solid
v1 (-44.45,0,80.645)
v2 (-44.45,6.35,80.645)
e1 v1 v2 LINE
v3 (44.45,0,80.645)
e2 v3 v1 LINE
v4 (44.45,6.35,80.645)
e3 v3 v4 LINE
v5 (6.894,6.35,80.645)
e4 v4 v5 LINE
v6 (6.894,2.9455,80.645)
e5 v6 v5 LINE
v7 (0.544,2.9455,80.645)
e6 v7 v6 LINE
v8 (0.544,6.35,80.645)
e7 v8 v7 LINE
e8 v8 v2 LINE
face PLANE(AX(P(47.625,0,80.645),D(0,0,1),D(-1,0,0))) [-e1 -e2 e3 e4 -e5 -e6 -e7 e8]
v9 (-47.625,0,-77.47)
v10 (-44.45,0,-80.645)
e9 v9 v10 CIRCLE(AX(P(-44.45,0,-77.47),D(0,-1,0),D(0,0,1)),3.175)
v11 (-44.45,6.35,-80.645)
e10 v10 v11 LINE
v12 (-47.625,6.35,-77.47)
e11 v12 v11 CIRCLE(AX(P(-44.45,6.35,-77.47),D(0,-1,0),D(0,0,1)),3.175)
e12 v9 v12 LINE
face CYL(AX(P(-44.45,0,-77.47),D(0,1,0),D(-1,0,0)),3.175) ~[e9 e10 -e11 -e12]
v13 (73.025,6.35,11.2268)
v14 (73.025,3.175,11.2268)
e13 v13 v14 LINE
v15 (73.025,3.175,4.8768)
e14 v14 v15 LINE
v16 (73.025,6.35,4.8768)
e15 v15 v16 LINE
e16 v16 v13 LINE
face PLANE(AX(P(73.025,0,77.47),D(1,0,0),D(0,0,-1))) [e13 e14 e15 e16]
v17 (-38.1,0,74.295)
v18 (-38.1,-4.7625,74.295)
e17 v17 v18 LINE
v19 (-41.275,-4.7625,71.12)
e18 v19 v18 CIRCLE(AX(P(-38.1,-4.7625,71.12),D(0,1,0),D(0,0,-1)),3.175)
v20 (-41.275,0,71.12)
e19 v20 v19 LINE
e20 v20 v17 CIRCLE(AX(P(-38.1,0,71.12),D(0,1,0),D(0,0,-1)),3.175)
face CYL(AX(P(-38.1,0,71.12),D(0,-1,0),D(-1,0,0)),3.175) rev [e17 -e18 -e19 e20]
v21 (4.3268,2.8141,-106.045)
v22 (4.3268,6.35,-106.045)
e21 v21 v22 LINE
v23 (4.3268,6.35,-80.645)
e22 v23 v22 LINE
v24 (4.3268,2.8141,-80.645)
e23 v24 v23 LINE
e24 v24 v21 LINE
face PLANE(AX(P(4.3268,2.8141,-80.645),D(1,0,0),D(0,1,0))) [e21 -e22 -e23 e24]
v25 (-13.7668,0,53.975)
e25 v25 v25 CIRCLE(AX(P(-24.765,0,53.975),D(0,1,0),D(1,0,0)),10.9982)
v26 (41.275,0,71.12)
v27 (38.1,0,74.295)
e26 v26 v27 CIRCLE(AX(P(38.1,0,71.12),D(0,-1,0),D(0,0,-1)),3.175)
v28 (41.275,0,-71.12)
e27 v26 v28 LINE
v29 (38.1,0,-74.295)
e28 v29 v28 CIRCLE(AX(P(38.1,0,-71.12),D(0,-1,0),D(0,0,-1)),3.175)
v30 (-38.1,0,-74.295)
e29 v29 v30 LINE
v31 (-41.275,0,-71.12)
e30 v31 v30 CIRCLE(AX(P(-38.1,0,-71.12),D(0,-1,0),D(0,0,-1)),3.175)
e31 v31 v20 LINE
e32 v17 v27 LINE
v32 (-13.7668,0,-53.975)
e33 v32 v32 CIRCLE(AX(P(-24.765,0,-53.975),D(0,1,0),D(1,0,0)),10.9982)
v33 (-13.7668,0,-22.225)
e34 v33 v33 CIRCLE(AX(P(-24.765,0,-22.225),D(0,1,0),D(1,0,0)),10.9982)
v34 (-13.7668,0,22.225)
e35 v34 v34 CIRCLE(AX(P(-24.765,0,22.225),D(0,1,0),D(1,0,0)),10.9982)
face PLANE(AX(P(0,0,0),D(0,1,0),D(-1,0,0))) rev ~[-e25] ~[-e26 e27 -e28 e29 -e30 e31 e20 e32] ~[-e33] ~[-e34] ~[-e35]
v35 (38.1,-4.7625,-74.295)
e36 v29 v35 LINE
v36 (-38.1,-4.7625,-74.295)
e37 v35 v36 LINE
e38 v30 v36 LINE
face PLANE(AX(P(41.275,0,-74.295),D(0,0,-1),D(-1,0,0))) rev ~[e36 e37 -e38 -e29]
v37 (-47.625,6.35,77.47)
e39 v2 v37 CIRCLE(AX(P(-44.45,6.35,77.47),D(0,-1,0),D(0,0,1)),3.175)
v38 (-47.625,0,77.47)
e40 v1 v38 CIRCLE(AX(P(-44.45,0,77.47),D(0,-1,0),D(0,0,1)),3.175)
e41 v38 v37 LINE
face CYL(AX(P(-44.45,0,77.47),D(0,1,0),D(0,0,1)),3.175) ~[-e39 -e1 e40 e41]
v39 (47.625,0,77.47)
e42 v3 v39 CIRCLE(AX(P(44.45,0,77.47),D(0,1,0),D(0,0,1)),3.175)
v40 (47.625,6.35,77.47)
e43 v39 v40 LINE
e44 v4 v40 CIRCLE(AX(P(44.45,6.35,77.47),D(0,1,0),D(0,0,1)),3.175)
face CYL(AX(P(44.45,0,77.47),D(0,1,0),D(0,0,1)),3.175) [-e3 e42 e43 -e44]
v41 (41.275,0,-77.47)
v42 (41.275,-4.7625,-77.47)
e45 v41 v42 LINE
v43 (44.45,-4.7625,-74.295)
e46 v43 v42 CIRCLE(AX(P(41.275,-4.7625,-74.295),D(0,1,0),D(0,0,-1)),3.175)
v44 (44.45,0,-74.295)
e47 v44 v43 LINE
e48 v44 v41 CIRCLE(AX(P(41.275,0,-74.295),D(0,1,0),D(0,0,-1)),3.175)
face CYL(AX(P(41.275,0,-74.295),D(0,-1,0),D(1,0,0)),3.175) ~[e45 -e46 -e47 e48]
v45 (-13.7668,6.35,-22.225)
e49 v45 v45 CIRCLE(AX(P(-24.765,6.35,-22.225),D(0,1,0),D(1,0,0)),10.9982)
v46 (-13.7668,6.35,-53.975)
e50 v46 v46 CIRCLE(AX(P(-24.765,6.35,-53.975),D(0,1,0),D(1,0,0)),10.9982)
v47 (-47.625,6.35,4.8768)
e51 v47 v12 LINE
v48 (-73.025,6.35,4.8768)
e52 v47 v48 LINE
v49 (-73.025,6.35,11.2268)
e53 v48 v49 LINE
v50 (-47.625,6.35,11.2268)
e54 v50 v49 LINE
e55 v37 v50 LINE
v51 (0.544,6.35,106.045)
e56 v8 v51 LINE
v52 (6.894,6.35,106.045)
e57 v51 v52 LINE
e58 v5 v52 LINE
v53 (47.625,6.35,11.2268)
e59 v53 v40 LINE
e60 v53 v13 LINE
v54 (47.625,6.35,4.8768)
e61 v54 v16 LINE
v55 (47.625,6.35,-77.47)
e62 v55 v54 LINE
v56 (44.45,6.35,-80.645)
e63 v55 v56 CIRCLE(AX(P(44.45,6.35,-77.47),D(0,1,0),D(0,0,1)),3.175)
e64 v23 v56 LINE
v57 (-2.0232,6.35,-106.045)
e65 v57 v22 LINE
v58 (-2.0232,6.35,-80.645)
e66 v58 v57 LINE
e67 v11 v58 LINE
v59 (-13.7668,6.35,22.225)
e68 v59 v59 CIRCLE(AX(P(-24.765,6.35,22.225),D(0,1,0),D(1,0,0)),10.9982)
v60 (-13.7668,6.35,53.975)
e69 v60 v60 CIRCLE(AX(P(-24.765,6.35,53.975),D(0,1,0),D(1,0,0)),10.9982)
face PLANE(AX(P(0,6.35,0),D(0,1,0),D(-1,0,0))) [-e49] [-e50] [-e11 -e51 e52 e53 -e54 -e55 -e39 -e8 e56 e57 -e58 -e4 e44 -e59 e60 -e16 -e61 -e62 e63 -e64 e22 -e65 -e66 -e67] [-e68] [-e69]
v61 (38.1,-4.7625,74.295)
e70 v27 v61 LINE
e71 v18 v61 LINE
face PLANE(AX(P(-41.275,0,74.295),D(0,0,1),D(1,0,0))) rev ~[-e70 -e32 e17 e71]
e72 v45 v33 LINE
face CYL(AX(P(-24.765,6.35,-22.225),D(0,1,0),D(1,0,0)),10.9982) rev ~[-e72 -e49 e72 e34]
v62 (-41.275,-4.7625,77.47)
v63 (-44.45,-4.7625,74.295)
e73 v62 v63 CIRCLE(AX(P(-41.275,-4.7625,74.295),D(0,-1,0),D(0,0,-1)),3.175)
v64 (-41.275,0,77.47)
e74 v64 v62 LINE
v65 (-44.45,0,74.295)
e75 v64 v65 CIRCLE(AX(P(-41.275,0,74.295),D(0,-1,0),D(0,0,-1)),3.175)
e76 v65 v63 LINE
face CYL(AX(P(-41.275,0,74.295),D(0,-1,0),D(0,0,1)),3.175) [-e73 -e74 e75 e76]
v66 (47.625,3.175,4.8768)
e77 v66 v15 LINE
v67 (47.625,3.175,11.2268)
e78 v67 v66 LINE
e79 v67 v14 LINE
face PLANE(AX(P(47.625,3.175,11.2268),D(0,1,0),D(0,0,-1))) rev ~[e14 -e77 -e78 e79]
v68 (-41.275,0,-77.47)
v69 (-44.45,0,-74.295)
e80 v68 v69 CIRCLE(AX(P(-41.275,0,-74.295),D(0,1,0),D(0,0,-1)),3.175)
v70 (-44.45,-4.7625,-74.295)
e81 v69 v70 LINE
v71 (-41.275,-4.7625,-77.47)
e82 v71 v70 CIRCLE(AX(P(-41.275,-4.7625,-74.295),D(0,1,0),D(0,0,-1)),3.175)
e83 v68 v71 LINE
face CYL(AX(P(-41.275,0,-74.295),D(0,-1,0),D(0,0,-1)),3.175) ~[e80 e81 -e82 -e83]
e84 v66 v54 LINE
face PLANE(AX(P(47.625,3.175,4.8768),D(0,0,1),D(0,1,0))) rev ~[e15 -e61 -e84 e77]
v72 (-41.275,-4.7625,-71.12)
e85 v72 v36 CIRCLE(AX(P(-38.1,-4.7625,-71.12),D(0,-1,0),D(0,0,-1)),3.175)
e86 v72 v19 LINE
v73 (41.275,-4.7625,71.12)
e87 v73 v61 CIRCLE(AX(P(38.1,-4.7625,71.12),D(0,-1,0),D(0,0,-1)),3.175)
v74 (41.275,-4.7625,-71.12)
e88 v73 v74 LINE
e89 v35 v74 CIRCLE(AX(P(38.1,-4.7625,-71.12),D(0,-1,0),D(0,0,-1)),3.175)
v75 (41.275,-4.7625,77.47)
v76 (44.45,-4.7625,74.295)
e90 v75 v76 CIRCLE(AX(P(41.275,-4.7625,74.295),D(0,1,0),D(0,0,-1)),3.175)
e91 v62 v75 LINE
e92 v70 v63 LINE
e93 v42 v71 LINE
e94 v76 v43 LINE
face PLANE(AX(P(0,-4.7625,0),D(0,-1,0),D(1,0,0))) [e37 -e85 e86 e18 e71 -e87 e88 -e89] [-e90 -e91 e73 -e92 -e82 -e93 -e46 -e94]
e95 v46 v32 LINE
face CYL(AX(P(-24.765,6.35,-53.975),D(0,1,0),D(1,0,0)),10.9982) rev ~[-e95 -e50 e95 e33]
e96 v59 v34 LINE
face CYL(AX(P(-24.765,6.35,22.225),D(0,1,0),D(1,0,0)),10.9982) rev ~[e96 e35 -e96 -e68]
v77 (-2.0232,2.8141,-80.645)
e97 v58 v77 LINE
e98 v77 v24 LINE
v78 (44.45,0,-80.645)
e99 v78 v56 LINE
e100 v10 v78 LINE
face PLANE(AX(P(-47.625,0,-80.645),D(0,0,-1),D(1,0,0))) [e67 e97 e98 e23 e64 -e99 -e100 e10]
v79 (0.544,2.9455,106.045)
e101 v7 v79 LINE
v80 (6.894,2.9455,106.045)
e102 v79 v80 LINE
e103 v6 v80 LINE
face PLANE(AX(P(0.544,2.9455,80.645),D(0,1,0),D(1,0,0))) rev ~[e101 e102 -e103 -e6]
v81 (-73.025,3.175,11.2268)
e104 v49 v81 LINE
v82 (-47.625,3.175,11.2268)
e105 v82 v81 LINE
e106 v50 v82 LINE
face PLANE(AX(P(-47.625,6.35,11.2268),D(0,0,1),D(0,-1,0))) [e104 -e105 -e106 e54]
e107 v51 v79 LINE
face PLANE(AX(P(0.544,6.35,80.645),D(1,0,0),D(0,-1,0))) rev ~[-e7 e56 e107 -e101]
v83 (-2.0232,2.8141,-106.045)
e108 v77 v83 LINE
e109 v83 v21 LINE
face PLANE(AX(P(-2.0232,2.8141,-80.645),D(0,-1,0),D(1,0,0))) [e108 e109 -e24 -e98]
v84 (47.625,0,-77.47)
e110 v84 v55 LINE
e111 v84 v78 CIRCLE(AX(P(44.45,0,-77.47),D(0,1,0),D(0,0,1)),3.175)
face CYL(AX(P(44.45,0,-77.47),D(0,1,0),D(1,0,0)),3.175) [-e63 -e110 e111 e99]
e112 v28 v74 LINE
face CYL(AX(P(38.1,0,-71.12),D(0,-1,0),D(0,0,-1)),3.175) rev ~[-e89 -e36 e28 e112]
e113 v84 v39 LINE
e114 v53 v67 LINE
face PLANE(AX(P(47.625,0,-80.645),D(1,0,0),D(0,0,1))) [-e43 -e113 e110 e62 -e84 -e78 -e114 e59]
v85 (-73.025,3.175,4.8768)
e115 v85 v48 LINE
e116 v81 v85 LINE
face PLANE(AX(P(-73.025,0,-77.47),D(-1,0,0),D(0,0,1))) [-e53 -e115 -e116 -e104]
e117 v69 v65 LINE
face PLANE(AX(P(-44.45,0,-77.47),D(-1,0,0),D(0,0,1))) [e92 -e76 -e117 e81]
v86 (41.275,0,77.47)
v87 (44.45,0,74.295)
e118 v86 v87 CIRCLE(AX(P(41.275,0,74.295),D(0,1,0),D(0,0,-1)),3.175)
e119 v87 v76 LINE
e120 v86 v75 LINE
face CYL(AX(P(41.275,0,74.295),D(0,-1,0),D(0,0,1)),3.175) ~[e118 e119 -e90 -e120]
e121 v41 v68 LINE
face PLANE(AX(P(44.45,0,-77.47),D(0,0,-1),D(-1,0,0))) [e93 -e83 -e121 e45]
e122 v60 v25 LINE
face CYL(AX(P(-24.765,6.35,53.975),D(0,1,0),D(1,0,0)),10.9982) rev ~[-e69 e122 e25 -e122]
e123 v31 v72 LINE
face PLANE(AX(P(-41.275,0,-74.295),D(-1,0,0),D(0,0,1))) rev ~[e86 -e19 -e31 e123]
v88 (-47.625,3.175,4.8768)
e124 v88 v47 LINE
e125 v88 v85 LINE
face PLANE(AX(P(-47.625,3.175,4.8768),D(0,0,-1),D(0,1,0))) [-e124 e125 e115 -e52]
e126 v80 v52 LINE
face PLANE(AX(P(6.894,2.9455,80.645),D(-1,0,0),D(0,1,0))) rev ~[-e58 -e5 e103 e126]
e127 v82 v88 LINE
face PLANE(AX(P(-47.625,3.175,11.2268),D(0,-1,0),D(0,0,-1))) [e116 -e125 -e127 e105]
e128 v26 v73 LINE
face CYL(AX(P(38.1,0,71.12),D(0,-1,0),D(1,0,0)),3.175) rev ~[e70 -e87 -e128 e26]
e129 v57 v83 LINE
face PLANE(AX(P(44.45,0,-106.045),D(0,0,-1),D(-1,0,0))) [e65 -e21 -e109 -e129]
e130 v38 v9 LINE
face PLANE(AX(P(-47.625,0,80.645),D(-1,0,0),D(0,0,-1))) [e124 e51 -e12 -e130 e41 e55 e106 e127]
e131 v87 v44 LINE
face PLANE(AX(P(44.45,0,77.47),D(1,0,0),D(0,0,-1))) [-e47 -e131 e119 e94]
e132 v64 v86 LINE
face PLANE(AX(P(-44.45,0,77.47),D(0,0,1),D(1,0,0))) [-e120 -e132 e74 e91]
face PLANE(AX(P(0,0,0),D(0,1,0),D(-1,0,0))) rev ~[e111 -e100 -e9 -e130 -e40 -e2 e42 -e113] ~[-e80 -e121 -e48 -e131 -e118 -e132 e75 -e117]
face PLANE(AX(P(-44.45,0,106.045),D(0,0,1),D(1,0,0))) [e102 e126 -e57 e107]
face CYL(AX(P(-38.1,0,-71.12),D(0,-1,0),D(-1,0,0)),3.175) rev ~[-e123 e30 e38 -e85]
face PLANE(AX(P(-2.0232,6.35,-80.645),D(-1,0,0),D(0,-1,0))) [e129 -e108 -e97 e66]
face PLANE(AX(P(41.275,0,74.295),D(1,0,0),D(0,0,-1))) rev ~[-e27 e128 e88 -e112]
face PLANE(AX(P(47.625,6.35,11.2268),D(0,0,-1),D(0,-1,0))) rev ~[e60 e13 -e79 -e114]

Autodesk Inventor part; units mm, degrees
ref_plane "YZ Plane" through (0, 0, 0) normal (1, 0, 0) x (0, 1, 0)
ref_plane "XZ Plane" through (0, 0, 0) normal (0, 1, 0) x (-1, 0, 0)
ref_plane "XY Plane" through (0, 0, 0) normal (0, 0, 1) x (1, 0, 0)
sketch "Sketch1" plane through (0, 0, 0) normal (0, 1, 0) x (-1, 0, 0)
  line L0 (-47.625, 80.645) -> (47.625, 80.645)
  line L1 (47.625, 80.645) -> (47.625, -80.645)
  line L2 (47.625, -80.645) -> (-47.625, -80.645)
  line L3 (-47.625, -80.645) -> (-47.625, 80.645)
  line L4 (-47.625, 80.645) -> (47.625, -80.645) construction
  line L5 (47.625, 80.645) -> (-47.625, -80.645) construction
  point P0 (0, 0)
  dimension "d0" = 161.29
  dimension "d1" = 95.25
extrude "Extrusion1" add sketch "Sketch1" along normal blind 6.35
sketch "Sketch3" plane through (0, 0, 0) normal (0, -1, 0) x (1, 0, 0)
  line L0 (-44.45, 77.47) -> (44.45, 77.47)
  line L1 (44.45, 77.47) -> (44.45, -77.47)
  line L2 (44.45, -77.47) -> (-44.45, -77.47)
  line L3 (-44.45, -77.47) -> (-44.45, 77.47)
  line L4 (-44.45, 77.47) -> (44.45, -77.47) construction
  line L5 (44.45, 77.47) -> (-44.45, -77.47) construction
  line L6 (-41.275, 74.295) -> (41.275, 74.295)
  line L7 (41.275, 74.295) -> (41.275, -74.295)
  line L8 (41.275, -74.295) -> (-41.275, -74.295)
  line L9 (-41.275, -74.295) -> (-41.275, 74.295)
  line L10 (-41.275, 74.295) -> (41.275, -74.295) construction
  line L11 (41.275, 74.295) -> (-41.275, -74.295) construction
  point P0 (0, 0)
  dimension "d4" = 154.94
  dimension "d5" = 88.9
  dimension "d6" = 148.59
  dimension "d7" = 82.55
extrude "Extrusion2" add sketch "Sketch3" along normal blind 4.7625
sketch "Sketch4" plane through (0, 6.35, 0) normal (0, 1, 0) x (1, 0, 0)
  line L0 (24.765, -53.975) -> (-24.765, -53.975) construction
  line L1 (-24.765, -53.975) -> (-24.765, 53.975) construction
  line L2 (-24.765, 53.975) -> (24.765, 53.975) construction
  line L3 (24.765, 53.975) -> (24.765, -53.975) construction
  line L4 (24.765, -53.975) -> (-24.765, 53.975) construction
  line L5 (-24.765, -53.975) -> (24.765, 53.975) construction
  circle A0 centre (-24.765, -53.975) radius 10.9982
  circle A1 centre (-24.765, 53.975) radius 10.9982
  circle A2 centre (-24.765, -22.225) radius 10.9982
  circle A3 centre (-24.765, 22.225) radius 10.9982
  line L6 (47.625, -80.645) -> (47.625, 80.645) projected
  point P0 (0, 0)
  dimension "d12" = 21.9964
  dimension "d13" = 21.9964
  dimension "d15" = 21.9964
  dimension "d17" = 31.75
  dimension "d18" = 21.9964
  dimension "d19" = 31.75
  dimension "d25" = 44.45
  dimension "d26" = 72.39
extrude "Extrusion3" cut sketch "Sketch4" against normal up to next
fillet "Fillet1" radius 3.175 12 edges at (47.625, 3.175, 80.645) (-47.625, 3.175, 80.645) (47.625, 3.175, -80.645) (-47.625, 3.175, -80.645) (44.45, -2.3813, -77.47) (44.45, -2.3813, 77.47) (-44.45, -2.3813, -77.47) (-41.275, -2.3813, 74.295) (-44.45, -2.3813, 77.47) (41.275, -2.3813, 74.295) (41.275, -2.3813, -74.295) (-41.275, -2.3813, -74.295)
sketch "Sketch5" plane through (44.45, 0, -80.645) normal (0, 0, -1) x (-1, 0, 0)
  line L0 (88.9, 6.35) -> (0, 6.35) projected
  line L1 (40.1232, 6.35) -> (46.4732, 6.35)
  line L2 (46.4732, 6.35) -> (46.4732, 2.8141)
  line L3 (46.4732, 2.8141) -> (40.1232, 2.8141)
  line L4 (40.1232, 2.8141) -> (40.1232, 6.35)
  point P0 (44.45, 0)
  dimension "d37" = 6.35
sketch "Sketch6" plane through (-47.625, 0, -77.47) normal (-1, 0, 0) x (0, 0, 1)
  line L0 (0, 6.35) -> (154.94, 6.35) projected
  line L1 (88.6968, 6.35) -> (88.6968, 0) projected
  line L2 (82.3468, 6.35) -> (88.6968, 6.35)
  line L3 (88.6968, 6.35) -> (88.6968, 3.175)
  line L4 (88.6968, 3.175) -> (82.3468, 3.175)
  line L5 (82.3468, 3.175) -> (82.3468, 6.35)
  point P0 (77.47, 0)
  dimension "d38" = 6.35
sketch "Sketch7" plane through (47.625, 0, 77.47) normal (1, 0, 0) x (0, 0, -1)
  line L0 (154.94, 6.35) -> (0, 6.35) projected
  line L1 (66.2432, 6.35) -> (66.2432, 0) projected
  line L2 (72.5932, 6.35) -> (66.2432, 6.35)
  line L3 (66.2432, 6.35) -> (66.2432, 3.175)
  line L4 (66.2432, 3.175) -> (72.5932, 3.175)
  line L5 (72.5932, 3.175) -> (72.5932, 6.35)
  point P0 (77.47, 0)
  dimension "d36" = 6.35
sketch "Sketch8" plane through (-44.45, 0, 80.645) normal (0, 0, 1) x (1, 0, 0)
  line L0 (0, 6.35) -> (88.9, 6.35) projected
  line L1 (51.344, 6.35) -> (44.994, 6.35)
  line L2 (44.994, 6.35) -> (44.994, 2.9455)
  line L3 (44.994, 2.9455) -> (51.344, 2.9455)
  line L4 (51.344, 2.9455) -> (51.344, 6.35)
  point P0 (44.45, 0)
  dimension "d39" = 6.35
extrude "Extrusion4" add sketch "Sketch8" along normal blind 25.4
extrude "Extrusion5" add sketch "Sketch5" along normal blind 25.4
extrude "Extrusion6" add sketch "Sketch6" along normal blind 25.4
extrude "Extrusion7" add sketch "Sketch7" along normal blind 25.4
properties part number "iceTubeClockTop"
